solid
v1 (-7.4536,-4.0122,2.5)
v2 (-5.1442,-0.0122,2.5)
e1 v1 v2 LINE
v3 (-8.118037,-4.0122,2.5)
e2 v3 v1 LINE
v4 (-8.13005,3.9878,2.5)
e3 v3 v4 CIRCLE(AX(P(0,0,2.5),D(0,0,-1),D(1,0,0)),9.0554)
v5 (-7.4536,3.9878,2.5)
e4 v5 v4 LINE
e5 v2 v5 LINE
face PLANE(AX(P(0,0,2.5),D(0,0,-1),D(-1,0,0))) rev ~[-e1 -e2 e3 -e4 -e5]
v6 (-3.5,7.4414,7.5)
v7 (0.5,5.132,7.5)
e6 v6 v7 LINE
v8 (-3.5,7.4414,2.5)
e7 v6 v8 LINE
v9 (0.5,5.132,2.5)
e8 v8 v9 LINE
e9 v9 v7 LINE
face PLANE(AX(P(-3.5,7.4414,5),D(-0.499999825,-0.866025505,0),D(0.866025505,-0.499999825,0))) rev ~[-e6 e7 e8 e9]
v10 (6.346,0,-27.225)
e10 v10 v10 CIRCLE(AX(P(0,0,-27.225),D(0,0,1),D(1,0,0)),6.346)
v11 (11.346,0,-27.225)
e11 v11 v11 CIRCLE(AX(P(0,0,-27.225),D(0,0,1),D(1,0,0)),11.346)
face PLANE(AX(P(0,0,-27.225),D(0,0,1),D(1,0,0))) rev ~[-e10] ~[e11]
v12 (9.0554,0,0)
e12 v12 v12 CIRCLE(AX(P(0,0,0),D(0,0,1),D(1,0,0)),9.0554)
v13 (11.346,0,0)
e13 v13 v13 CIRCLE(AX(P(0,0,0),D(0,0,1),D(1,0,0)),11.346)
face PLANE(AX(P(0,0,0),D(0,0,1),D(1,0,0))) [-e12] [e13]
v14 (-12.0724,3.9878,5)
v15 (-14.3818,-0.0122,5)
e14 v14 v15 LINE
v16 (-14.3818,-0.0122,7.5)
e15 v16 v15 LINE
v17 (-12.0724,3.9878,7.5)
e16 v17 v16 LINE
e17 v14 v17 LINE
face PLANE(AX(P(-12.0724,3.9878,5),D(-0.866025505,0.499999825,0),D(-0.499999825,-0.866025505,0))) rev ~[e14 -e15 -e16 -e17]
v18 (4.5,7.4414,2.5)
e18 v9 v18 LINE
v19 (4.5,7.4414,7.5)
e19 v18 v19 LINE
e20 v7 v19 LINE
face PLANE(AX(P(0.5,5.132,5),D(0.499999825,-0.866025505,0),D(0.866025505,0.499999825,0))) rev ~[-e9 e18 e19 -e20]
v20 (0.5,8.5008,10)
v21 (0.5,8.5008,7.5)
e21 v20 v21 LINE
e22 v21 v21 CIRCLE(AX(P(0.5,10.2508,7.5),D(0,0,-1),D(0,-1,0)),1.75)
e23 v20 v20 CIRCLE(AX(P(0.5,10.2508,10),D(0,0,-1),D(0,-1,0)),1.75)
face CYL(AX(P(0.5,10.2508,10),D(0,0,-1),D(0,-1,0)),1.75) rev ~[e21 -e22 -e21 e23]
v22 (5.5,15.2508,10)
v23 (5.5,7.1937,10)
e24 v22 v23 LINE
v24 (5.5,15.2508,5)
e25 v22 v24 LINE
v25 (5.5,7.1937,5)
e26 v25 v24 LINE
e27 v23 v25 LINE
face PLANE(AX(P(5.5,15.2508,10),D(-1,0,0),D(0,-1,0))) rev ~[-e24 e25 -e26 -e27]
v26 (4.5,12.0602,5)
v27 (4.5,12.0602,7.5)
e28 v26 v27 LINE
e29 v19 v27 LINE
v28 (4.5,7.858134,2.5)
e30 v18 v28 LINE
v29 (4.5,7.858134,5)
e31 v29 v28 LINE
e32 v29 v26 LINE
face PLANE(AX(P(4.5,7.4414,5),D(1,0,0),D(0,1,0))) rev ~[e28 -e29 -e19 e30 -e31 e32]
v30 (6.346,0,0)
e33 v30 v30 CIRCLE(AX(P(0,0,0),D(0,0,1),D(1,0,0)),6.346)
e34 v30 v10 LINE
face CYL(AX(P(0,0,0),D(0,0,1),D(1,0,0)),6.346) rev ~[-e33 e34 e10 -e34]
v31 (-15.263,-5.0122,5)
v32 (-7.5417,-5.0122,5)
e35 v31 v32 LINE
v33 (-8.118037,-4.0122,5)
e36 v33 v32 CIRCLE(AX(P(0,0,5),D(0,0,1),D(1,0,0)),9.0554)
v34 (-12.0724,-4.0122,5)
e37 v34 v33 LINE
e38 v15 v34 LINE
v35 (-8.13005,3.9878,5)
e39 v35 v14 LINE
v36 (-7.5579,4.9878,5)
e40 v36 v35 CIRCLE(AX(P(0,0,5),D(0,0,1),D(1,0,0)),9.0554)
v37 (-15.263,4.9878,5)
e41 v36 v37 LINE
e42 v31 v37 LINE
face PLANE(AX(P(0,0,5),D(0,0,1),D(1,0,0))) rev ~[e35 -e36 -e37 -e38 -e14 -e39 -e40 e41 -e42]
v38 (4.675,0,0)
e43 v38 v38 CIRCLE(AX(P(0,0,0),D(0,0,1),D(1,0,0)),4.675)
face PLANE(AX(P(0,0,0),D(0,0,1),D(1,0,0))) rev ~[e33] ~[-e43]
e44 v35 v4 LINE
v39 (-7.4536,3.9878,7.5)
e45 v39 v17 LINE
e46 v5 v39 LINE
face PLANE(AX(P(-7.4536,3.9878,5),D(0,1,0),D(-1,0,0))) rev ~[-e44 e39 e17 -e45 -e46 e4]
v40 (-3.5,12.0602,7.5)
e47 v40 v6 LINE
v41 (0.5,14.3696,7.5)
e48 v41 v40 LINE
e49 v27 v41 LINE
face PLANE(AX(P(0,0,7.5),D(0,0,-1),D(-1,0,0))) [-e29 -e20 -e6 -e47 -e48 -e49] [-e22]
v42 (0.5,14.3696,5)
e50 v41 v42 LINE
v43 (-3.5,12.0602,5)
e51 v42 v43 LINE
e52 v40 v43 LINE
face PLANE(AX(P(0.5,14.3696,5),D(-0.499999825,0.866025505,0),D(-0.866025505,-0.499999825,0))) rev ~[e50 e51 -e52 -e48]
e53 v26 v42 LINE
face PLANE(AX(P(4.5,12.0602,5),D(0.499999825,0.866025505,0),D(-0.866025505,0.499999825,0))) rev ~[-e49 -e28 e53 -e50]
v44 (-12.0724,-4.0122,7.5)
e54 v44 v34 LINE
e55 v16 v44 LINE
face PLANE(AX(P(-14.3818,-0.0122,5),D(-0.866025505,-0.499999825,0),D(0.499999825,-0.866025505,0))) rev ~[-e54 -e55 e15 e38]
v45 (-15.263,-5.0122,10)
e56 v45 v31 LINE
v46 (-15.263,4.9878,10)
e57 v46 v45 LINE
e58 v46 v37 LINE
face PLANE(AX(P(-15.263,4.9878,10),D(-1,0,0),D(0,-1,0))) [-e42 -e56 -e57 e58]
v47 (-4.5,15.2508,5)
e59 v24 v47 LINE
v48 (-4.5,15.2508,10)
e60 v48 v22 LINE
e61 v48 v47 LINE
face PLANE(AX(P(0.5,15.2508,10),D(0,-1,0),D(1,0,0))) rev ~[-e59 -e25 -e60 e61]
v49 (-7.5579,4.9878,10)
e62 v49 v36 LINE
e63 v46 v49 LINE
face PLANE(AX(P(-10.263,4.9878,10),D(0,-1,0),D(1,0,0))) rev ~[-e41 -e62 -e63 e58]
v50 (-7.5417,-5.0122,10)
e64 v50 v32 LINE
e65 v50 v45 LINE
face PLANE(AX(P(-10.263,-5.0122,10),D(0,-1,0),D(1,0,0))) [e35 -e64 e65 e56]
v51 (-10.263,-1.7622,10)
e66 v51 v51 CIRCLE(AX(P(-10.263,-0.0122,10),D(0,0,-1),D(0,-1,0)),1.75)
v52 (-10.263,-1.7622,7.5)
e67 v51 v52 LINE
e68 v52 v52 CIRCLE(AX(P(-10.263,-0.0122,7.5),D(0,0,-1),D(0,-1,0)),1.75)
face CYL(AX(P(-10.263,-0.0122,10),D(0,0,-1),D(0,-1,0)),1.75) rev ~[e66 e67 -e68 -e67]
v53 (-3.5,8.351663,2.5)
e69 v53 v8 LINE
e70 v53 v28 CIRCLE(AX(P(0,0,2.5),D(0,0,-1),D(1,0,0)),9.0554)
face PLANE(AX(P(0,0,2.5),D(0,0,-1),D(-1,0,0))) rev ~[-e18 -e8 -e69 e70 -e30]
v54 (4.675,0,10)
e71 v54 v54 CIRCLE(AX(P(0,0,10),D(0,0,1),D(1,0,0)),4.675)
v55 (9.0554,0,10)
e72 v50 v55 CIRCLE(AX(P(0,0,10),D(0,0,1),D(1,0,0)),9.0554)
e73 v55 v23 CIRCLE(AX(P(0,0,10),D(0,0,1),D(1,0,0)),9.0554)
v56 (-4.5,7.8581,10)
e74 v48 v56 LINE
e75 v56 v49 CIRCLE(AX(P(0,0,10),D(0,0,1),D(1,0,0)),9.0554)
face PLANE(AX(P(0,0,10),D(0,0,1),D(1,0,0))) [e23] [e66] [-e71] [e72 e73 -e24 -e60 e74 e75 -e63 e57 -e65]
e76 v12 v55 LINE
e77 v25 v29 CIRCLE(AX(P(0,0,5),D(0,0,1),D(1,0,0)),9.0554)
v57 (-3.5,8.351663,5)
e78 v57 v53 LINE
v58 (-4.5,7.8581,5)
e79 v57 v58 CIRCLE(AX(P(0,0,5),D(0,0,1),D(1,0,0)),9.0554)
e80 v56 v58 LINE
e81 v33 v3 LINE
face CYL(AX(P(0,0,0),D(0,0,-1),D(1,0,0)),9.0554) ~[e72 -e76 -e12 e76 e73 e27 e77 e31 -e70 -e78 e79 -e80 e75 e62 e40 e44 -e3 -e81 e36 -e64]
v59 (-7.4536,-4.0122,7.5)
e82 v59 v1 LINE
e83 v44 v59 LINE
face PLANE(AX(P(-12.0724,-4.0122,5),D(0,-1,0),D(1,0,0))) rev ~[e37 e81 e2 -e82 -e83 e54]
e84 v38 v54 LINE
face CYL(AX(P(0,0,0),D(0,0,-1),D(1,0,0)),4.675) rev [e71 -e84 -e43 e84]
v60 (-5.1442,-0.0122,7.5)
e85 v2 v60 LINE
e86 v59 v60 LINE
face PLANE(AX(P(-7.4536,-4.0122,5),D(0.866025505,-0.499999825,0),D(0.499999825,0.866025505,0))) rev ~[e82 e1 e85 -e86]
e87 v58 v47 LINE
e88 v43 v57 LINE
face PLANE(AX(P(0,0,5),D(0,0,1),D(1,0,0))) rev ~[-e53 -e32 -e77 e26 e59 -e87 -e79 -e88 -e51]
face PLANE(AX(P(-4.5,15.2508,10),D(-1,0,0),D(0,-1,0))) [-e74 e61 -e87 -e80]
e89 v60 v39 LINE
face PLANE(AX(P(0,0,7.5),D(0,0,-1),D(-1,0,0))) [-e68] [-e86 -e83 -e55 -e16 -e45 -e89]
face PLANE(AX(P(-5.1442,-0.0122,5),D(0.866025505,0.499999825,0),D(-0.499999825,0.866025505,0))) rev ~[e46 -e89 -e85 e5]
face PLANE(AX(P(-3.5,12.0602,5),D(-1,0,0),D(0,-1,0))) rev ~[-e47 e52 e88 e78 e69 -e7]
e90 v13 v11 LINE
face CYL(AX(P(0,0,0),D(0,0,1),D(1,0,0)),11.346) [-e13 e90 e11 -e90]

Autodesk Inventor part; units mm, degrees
ref_plane "YZ Plane" through (0, 0, 0) normal (1, 0, 0) x (0, 1, 0)
ref_plane "XZ Plane" through (0, 0, 0) normal (0, 1, 0) x (-1, 0, 0)
ref_plane "XY Plane" through (0, 0, 0) normal (0, 0, 1) x (1, 0, 0)
sketch "Sketch1" plane through (0, 0, 0) normal (0, 0, 1) x (1, 0, 0)
  circle A0 centre (0, 0) radius 6.346
  circle A1 centre (0, 0) radius 11.346
  circle A2 centre (0, 0) radius 4.675
  circle A3 centre (0, 0) radius 9.0554
  dimension "d0" = 12.692
  dimension "d1" = 5
  dimension "d2" = 9.35
  dimension "d7" = 2.7094
extrude "Extrusion1" add sketch "Sketch1" against normal blind 27.225 contours A1 | A3
extrude "Extrusion3" add sketch "Sketch1" along normal blind 10 contours A0 | A3
sketch "Sketch2" plane through (0, 0, 10) normal (0, 0, 1) x (1, 0, 0)
  line L0 (0.5, 10.2508) -> (5.5, 10.2508)
  line L1 (0.5, 10.2508) -> (-4.5, 10.2508)
  line L2 (0.5, 10.2508) -> (0.5, 15.2508)
  line L3 (-10.263, -0.0122) -> (-10.263, 4.9878)
  line L4 (-10.263, -0.0122) -> (-15.263, -0.0122)
  line L5 (-10.263, -0.0122) -> (-10.263, -5.0122)
  line L6 (-10.263, 4.9878) -> (-7.5579, 4.9878)
  circle A0 centre (0, 0) radius 9.0554 projected
  line L7 (-10.263, 4.9878) -> (-15.263, 4.9878)
  line L8 (-15.263, 4.9878) -> (-15.263, -0.0122)
  line L9 (-10.263, -5.0122) -> (-7.5417, -5.0122)
  line L10 (-10.263, -5.0122) -> (-15.263, -5.0122)
  line L11 (-15.263, -5.0122) -> (-15.263, -0.0122)
  line L12 (0.5, 15.2508) -> (5.5, 15.2508)
  line L13 (5.5, 15.2508) -> (5.5, 10.2508)
  line L14 (5.5, 10.2508) -> (5.5, 7.1937)
  line L15 (0.5, 15.2508) -> (-4.5, 15.2508)
  line L16 (-4.5, 15.2508) -> (-4.5, 10.2508)
  line L17 (-4.5, 7.8581) -> (-4.5, 10.2508)
  dimension "d10" = 10.263
  dimension "d11" = 10.263
  dimension "d12" = 5
  dimension "d13" = 5
  dimension "d14" = 5
  dimension "d15" = 5
  dimension "d16" = 5
  dimension "d17" = 5
  dimension "d18" = 15.763
  dimension "d19" = 10.263
extrude "Extrusion4" add sketch "Sketch2" against normal blind 5 contours L2 L12 L13 L0 | L0 L14 A0 L17 L1 | L1 L16 L15 L2 | A0 L9 L5 L3 L6 | L3 L4 L8 L7 | L10 L11 L4 L5
sketch "Sketch4" plane through (0, 0, 5) normal (0, 0, -1) x (-1, 0, 0)
  line L0 (-5.5, 15.2508) -> (4.5, 15.2508) projected
  line L1 (-0.5, 15.2508) -> (-0.5, 9.7508)
  line L2 (3.5, 7.4414) -> (-0.5, 5.132)
  line L3 (-0.5, 5.132) -> (-4.5, 7.4414)
  line L4 (-4.5, 7.4414) -> (-4.5, 12.0602)
  line L5 (-4.5, 12.0602) -> (-0.5, 14.3696)
  line L6 (-0.5, 14.3696) -> (3.5, 12.0602)
  line L7 (3.5, 12.0602) -> (3.5, 7.4414)
  point P0 (0, 0)
  point P1 (3.5, 9.7508)
  dimension "d22" = 5.5
  dimension "d23" = 8
extrude "Extrusion5" cut sketch "Sketch4" along normal mid plane 5
sketch "Sketch5" plane through (0, 0, 5) normal (0, 0, -1) x (-1, 0, 0)
  line L0 (15.263, 4.9878) -> (15.263, -5.0122) projected
  line L1 (15.263, -0.0122) -> (9.763, -0.0122)
  line L2 (7.4536, -4.0122) -> (5.1442, -0.0122)
  line L3 (5.1442, -0.0122) -> (7.4536, 3.9878)
  line L4 (7.4536, 3.9878) -> (12.0724, 3.9878)
  line L5 (12.0724, 3.9878) -> (14.3818, -0.0122)
  line L6 (14.3818, -0.0122) -> (12.0724, -4.0122)
  line L7 (12.0724, -4.0122) -> (7.4536, -4.0122)
  line L8 (3.5, 12.0602) -> (3.5, 7.4414) projected
  point P0 (0, 0)
  dimension "d26" = 5.5
extrude "Extrusion6" cut sketch "Sketch5" along normal mid plane 5
hole "Hole1" at (0.5, 10.2508, 10) at (-10.263, -0.0122, 10) direction (0, 0, -1) diameter 3.5 depth 6.25 tip angle 118
properties part number "springHolder_final"
